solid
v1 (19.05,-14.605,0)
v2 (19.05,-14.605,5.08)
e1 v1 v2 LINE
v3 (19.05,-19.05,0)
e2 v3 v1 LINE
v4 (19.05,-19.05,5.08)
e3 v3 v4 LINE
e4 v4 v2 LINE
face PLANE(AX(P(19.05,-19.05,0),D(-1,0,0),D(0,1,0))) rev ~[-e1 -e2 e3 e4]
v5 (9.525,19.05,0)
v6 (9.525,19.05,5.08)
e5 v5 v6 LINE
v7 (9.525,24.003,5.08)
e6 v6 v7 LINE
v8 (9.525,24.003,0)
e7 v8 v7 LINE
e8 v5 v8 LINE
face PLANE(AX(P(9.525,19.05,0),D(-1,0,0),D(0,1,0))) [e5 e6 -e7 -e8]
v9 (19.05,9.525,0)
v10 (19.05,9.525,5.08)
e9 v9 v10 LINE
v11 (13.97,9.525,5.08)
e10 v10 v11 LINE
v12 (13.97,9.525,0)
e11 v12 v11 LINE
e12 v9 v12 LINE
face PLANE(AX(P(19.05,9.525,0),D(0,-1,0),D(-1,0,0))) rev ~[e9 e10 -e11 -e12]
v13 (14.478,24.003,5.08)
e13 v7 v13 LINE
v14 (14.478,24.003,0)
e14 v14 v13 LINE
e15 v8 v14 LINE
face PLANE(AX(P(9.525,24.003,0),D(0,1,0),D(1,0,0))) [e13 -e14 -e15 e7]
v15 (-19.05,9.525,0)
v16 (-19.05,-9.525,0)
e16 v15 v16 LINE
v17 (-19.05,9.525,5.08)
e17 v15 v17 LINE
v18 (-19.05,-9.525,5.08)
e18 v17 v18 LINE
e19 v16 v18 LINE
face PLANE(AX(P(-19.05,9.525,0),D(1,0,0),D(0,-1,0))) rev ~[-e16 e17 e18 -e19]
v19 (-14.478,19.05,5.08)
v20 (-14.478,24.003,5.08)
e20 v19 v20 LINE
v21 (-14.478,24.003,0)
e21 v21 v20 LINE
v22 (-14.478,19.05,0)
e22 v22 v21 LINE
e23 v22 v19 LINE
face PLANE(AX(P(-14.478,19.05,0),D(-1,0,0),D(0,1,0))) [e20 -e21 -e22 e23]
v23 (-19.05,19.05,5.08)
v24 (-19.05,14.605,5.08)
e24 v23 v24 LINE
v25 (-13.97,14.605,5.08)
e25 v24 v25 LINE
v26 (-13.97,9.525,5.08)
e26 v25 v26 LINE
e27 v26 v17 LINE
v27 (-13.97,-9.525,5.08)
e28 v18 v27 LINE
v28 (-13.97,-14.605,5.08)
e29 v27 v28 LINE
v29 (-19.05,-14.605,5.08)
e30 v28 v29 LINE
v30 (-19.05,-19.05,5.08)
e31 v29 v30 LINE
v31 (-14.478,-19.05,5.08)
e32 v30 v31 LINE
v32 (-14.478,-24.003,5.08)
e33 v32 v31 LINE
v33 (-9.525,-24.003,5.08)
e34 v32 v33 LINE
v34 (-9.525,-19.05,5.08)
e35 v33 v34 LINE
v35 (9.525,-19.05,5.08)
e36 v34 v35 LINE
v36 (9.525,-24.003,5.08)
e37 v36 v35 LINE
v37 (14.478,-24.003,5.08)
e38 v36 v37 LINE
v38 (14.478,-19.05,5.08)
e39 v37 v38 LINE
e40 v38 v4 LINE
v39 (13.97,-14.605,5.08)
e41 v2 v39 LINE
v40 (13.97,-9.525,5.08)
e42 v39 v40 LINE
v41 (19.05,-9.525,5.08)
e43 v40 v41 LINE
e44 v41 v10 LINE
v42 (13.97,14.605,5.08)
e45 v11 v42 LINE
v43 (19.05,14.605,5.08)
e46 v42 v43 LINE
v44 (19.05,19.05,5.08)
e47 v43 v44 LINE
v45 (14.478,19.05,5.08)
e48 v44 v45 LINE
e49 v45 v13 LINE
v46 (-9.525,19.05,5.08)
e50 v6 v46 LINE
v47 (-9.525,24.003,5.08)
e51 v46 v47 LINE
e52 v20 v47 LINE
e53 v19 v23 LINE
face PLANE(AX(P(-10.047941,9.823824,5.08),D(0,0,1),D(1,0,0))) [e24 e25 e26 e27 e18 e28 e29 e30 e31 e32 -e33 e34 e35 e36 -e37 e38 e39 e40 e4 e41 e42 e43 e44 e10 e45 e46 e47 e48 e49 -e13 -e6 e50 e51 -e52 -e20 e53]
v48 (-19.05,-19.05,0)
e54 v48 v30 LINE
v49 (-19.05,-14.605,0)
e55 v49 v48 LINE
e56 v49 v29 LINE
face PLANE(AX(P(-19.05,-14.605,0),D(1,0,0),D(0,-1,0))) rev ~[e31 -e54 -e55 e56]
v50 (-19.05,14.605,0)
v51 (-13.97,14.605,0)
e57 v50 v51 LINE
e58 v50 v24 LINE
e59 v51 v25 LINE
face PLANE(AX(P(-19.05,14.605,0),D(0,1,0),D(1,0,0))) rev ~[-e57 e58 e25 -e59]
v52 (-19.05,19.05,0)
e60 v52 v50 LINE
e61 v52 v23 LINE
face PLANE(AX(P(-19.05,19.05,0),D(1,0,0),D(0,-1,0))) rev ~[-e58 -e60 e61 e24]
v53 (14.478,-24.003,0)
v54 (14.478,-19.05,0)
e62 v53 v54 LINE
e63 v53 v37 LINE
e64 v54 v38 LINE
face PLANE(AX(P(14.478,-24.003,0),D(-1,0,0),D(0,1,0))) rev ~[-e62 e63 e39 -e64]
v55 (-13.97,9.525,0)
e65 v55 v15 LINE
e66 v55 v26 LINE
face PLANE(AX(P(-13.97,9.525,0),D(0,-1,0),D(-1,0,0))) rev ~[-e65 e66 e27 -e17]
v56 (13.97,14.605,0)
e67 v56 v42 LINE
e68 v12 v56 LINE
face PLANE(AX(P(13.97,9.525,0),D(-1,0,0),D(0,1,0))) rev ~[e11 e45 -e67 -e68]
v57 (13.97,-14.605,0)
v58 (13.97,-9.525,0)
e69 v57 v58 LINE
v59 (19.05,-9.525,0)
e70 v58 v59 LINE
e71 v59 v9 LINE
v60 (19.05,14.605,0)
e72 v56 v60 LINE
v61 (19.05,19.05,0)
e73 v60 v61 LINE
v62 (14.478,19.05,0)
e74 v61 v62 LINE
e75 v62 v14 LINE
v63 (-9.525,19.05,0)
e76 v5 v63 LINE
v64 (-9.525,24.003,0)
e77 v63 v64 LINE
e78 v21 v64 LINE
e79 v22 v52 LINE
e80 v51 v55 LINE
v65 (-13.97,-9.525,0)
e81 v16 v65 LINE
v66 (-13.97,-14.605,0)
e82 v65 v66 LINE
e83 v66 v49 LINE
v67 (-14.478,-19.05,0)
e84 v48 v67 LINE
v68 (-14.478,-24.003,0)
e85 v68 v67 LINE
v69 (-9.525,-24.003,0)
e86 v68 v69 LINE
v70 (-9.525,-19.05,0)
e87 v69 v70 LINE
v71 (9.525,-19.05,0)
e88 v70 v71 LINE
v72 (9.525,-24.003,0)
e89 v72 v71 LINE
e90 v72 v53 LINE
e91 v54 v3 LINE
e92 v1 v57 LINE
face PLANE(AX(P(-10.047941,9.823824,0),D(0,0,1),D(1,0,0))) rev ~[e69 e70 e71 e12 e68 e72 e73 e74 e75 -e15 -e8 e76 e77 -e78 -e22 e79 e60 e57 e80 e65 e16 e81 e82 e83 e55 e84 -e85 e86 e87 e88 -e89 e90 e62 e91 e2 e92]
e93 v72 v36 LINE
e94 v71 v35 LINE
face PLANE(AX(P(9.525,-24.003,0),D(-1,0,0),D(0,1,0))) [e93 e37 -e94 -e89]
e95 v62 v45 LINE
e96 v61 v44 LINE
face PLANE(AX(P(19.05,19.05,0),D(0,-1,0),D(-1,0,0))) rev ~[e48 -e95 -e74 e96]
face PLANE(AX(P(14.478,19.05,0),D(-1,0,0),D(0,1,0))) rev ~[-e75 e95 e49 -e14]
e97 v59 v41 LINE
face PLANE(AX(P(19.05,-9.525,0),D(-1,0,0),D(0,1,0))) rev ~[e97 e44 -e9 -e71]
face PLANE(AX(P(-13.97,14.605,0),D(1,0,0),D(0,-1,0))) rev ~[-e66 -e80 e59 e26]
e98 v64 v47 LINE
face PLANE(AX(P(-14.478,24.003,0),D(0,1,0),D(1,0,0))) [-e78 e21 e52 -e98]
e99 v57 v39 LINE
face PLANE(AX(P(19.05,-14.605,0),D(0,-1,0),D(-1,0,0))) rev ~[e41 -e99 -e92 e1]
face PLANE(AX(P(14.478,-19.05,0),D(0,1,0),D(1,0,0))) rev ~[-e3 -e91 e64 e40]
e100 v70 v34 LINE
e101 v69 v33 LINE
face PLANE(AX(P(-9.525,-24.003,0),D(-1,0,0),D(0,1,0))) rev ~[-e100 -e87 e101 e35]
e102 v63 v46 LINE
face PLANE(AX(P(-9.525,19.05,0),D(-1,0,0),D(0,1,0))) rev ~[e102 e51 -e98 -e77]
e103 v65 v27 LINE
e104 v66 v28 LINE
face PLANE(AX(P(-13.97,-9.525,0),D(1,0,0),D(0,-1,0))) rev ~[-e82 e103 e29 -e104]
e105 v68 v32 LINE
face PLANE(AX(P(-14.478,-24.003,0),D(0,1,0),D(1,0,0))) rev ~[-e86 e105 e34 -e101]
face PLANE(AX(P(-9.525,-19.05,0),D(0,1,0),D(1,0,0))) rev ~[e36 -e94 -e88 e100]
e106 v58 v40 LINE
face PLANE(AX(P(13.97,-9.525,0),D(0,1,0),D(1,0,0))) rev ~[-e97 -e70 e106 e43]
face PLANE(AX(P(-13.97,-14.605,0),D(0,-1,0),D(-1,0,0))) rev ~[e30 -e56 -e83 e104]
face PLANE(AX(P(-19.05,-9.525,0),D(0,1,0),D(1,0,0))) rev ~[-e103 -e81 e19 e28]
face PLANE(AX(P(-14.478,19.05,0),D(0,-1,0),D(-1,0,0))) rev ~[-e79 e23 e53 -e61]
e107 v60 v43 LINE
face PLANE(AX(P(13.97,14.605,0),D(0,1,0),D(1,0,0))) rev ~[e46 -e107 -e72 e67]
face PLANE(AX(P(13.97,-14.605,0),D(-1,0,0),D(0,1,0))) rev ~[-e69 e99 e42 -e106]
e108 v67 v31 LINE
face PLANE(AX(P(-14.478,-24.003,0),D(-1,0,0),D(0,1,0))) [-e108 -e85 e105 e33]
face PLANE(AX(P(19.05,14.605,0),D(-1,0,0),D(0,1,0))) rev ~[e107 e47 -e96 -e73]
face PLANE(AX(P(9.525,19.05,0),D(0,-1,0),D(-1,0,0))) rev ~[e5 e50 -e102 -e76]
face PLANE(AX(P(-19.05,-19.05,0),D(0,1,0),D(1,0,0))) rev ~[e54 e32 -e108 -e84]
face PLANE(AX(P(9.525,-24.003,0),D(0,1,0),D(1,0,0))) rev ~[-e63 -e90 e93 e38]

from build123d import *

# Parameters (mm, degrees)
F0_W     = 4.953
F0_H     = 4.953
F1_DEPTH = 5.08


with BuildPart() as f1:
    # F0 (on Top) → F1 (new body)
    with BuildSketch(Plane.XY):
        Polygon((-19.05, 9.525), (-19.05, 0), (0, 0), (0, 19.05), (-9.525, 19.05), (-14.478, 19.05), (-19.05, 19.05), (-19.05, 14.605), (-13.97, 14.605), (-13.97, 9.525), align=None)
        Polygon((0, 19.05), (0, 0), (19.05, 0), (19.05, 9.525), (13.97, 9.525), (13.97, 14.605), (19.05, 14.605), (19.05, 19.05), (14.478, 19.05), (9.525, 19.05), align=None)
        Polygon((0, 0), (0, -19.05), (9.525, -19.05), (14.478, -19.05), (19.05, -19.05), (19.05, -14.605), (13.97, -14.605), (13.97, -9.525), (19.05, -9.525), (19.05, 0), align=None)
        Polygon((-19.05, -14.605), (-19.05, -19.05), (-14.478, -19.05), (-9.525, -19.05), (0, -19.05), (0, 0), (-19.05, 0), (-19.05, -9.525), (-13.97, -9.525), (-13.97, -14.605), align=None)
        with Locations((-12.0015, 21.5265)):
            Rectangle(F0_W, F0_H)
        with Locations((12.0015, 21.5265)):
            Rectangle(F0_W, F0_H)
        with Locations((12.0015, -21.5265)):
            Rectangle(F0_W, F0_H)
        with Locations((-12.0015, -21.5265)):
            Rectangle(F0_W, F0_H)
    extrude(amount=F1_DEPTH)


solid = f1.part
